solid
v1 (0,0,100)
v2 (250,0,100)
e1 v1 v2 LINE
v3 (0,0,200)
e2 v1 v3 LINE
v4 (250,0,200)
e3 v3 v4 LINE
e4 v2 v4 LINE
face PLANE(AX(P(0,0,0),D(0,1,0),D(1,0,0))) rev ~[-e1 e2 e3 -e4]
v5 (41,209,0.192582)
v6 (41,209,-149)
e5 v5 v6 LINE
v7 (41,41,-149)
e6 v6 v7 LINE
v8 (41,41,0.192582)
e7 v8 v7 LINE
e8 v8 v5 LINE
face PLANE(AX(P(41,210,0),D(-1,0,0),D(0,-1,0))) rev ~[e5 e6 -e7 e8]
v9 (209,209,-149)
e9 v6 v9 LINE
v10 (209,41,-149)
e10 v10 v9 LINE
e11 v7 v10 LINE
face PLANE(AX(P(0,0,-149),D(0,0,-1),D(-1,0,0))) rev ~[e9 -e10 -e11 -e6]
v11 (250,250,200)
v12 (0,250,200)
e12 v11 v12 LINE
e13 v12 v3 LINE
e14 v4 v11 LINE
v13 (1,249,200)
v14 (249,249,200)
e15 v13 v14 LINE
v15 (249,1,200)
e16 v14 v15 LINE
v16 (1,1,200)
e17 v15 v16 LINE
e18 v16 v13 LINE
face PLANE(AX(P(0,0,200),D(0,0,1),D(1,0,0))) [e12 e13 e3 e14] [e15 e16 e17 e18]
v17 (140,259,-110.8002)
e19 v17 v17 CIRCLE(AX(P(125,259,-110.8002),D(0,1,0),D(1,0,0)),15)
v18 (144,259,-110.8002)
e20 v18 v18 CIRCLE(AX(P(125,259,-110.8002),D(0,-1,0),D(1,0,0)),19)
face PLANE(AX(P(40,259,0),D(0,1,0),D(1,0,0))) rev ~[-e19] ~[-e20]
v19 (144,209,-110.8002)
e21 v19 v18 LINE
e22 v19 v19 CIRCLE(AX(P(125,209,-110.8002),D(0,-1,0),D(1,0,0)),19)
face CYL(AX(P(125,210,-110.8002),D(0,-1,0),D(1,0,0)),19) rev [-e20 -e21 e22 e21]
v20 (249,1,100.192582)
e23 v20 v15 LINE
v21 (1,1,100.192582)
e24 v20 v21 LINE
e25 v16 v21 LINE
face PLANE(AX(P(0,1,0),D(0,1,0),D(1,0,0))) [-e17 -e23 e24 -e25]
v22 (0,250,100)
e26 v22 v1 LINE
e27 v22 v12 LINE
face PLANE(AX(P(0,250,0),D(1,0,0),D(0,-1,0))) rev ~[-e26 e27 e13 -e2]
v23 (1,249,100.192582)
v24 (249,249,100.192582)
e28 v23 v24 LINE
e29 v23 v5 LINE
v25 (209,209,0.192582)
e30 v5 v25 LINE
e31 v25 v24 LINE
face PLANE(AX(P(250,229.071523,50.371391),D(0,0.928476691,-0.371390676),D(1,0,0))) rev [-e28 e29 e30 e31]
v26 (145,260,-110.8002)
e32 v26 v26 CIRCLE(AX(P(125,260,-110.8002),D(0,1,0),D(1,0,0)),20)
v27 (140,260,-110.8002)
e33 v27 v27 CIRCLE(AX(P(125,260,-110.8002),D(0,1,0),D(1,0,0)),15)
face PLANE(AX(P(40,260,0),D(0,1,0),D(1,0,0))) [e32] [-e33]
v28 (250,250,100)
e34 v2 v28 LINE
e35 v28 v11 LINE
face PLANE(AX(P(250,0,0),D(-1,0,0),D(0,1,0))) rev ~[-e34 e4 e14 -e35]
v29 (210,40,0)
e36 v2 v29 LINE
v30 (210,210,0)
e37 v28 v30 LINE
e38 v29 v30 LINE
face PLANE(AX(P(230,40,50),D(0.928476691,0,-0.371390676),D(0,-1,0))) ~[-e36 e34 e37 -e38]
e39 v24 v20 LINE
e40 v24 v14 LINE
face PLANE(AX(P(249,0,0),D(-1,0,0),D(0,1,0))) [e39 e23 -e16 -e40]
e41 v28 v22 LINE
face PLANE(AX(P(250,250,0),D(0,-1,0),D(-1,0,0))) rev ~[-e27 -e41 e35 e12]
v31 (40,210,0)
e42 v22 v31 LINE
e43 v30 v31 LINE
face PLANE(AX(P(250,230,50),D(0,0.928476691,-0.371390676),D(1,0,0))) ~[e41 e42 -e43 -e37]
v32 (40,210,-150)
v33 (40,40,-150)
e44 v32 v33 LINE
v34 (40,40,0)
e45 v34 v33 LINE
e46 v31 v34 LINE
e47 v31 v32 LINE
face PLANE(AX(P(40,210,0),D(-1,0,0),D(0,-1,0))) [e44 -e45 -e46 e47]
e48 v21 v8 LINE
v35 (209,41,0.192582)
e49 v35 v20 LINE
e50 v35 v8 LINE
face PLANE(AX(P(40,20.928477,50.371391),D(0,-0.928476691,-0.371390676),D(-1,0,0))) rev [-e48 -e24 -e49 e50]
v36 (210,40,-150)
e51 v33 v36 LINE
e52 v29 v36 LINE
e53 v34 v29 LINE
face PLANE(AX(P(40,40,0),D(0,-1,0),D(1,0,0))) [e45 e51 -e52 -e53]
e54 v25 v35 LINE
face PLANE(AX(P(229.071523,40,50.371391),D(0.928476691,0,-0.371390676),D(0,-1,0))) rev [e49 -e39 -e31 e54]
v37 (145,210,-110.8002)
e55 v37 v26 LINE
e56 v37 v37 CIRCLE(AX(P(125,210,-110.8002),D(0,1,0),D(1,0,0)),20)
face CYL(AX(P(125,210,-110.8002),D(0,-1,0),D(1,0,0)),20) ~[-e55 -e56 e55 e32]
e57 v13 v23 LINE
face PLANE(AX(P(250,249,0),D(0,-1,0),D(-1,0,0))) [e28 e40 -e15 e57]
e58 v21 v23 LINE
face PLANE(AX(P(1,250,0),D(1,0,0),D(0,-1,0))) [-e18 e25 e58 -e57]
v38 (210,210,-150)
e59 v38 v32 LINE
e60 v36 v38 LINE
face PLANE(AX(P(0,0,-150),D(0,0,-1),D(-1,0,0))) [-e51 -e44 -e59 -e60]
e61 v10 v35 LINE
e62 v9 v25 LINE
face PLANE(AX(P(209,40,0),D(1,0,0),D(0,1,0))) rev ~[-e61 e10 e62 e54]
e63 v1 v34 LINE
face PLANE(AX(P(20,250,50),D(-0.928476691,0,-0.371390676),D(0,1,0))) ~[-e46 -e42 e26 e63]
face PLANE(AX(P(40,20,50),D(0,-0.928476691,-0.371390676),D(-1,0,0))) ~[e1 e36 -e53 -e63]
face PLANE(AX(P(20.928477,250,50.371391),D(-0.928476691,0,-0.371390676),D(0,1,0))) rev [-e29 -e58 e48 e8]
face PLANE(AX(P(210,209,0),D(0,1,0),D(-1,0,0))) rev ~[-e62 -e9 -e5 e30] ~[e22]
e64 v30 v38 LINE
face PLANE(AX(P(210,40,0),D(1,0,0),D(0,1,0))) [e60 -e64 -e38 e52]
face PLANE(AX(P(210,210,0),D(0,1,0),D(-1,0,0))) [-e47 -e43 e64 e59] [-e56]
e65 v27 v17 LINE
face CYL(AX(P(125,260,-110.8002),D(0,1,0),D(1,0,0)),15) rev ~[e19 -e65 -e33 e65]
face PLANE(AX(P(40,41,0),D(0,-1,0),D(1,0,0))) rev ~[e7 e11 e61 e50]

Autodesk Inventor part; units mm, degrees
ref_plane "YZ Plane" through (0, 0, 0) normal (1, 0, 0) x (0, 1, 0)
ref_plane "XZ Plane" through (0, 0, 0) normal (0, 1, 0) x (-1, 0, 0)
ref_plane "XY Plane" through (0, 0, 0) normal (0, 0, 1) x (1, 0, 0)
sketch "Sketch1" plane through (0, 0, 0) normal (0, 0, 1) x (1, 0, 0)
  line L0 (0, 0) -> (250, 0)
  line L1 (250, 0) -> (250, 250)
  line L2 (250, 250) -> (0, 250)
  line L3 (0, 250) -> (0, 0)
  dimension "d0" = 250
  dimension "d1" = 250
extrude "Extrusion1" add sketch "Sketch1" along normal blind 200
chamfer "Chamfer1" distance 100 distance2 40 1 edges at (0, 125, 0) measured on face at (0, 166.6667, 66.6667)
chamfer "Chamfer2" distance 100 distance2 40 1 edges at (145, 0, 0) measured on face at (180, 0, 66.6667)
chamfer "Chamfer3" distance 100 distance2 40 1 edges at (145, 250, 0) measured on face at (180, 250, 66.6667)
chamfer "Chamfer4" distance 100 distance2 40 1 edges at (250, 125, 0) measured on face at (250, 166.6667, 133.3333)
sketch "Sketch2" plane through (0, 0, 0) normal (0, 0, -1) x (-1, 0, 0)
  line L0 (-40, 40) -> (-210, 40) projected
  line L1 (-210, 210) -> (-40, 210) projected
  line L2 (-40, 40) -> (-210, 40)
  line L3 (-210, 40) -> (-210, 210)
  line L4 (-210, 210) -> (-40, 210)
  line L5 (-40, 210) -> (-40, 40)
  point P0 (0, 0)
extrude "Extrusion2" add sketch "Sketch2" along normal blind 150
sketch "Sketch3" plane through (40, 210, 0) normal (0, 1, 0) x (1, 0, 0)
  circle A0 centre (85, 110.8002) radius 20
  point P0 (-40, 0)
  dimension "d18" = 40
extrude "Extrusion3" add sketch "Sketch3" along normal blind 50
sketch "Sketch4" plane through (125, 260, -110.8002) normal (0, 1, 0) x (1, 0, 0)
  circle A0 centre (0, 0) radius 15
  point P0 (-125, -110.8002)
  dimension "d21" = 30
shell "Shell1" thickness 1 removed faces 1 at (83.3333, 166.6667, 200)
extrude "Extrusion4" cut sketch "Sketch4" against normal blind 60
sketch "Sketch5" plane through (40, 210, 0) normal (0, 1, 0) x (1, 0, 0)
  circle A0 centre (49.0593, 110.2763) radius 5
  point P0 (-40, 0)
  dimension "d25" = 10
extrude "Extrusion5" [suppressed]
sketch "Sketch6" plane through (89.0593, 290, -110.2763) normal (0, 1, 0) x (1, 0, 0)
  circle A0 centre (0, 0) radius 5 projected
  line L0 (-5, 0) -> (5, 0)
  line L1 (5, 0) -> (5, -80.1533)
  line L2 (5, -80.1533) -> (-5, -80.1533)
  line L3 (-5, -80.1533) -> (-5, 0)
  point P0 (-89.0593, -110.2763)
extrude "Extrusion6" [suppressed]
sketch "Sketch7" plane through (0, 250, 100) normal (0, 0.9285, -0.3714) x (1, 0, 0)
  point P0 (0, 185.6953)
properties part number "my_subsystem"
